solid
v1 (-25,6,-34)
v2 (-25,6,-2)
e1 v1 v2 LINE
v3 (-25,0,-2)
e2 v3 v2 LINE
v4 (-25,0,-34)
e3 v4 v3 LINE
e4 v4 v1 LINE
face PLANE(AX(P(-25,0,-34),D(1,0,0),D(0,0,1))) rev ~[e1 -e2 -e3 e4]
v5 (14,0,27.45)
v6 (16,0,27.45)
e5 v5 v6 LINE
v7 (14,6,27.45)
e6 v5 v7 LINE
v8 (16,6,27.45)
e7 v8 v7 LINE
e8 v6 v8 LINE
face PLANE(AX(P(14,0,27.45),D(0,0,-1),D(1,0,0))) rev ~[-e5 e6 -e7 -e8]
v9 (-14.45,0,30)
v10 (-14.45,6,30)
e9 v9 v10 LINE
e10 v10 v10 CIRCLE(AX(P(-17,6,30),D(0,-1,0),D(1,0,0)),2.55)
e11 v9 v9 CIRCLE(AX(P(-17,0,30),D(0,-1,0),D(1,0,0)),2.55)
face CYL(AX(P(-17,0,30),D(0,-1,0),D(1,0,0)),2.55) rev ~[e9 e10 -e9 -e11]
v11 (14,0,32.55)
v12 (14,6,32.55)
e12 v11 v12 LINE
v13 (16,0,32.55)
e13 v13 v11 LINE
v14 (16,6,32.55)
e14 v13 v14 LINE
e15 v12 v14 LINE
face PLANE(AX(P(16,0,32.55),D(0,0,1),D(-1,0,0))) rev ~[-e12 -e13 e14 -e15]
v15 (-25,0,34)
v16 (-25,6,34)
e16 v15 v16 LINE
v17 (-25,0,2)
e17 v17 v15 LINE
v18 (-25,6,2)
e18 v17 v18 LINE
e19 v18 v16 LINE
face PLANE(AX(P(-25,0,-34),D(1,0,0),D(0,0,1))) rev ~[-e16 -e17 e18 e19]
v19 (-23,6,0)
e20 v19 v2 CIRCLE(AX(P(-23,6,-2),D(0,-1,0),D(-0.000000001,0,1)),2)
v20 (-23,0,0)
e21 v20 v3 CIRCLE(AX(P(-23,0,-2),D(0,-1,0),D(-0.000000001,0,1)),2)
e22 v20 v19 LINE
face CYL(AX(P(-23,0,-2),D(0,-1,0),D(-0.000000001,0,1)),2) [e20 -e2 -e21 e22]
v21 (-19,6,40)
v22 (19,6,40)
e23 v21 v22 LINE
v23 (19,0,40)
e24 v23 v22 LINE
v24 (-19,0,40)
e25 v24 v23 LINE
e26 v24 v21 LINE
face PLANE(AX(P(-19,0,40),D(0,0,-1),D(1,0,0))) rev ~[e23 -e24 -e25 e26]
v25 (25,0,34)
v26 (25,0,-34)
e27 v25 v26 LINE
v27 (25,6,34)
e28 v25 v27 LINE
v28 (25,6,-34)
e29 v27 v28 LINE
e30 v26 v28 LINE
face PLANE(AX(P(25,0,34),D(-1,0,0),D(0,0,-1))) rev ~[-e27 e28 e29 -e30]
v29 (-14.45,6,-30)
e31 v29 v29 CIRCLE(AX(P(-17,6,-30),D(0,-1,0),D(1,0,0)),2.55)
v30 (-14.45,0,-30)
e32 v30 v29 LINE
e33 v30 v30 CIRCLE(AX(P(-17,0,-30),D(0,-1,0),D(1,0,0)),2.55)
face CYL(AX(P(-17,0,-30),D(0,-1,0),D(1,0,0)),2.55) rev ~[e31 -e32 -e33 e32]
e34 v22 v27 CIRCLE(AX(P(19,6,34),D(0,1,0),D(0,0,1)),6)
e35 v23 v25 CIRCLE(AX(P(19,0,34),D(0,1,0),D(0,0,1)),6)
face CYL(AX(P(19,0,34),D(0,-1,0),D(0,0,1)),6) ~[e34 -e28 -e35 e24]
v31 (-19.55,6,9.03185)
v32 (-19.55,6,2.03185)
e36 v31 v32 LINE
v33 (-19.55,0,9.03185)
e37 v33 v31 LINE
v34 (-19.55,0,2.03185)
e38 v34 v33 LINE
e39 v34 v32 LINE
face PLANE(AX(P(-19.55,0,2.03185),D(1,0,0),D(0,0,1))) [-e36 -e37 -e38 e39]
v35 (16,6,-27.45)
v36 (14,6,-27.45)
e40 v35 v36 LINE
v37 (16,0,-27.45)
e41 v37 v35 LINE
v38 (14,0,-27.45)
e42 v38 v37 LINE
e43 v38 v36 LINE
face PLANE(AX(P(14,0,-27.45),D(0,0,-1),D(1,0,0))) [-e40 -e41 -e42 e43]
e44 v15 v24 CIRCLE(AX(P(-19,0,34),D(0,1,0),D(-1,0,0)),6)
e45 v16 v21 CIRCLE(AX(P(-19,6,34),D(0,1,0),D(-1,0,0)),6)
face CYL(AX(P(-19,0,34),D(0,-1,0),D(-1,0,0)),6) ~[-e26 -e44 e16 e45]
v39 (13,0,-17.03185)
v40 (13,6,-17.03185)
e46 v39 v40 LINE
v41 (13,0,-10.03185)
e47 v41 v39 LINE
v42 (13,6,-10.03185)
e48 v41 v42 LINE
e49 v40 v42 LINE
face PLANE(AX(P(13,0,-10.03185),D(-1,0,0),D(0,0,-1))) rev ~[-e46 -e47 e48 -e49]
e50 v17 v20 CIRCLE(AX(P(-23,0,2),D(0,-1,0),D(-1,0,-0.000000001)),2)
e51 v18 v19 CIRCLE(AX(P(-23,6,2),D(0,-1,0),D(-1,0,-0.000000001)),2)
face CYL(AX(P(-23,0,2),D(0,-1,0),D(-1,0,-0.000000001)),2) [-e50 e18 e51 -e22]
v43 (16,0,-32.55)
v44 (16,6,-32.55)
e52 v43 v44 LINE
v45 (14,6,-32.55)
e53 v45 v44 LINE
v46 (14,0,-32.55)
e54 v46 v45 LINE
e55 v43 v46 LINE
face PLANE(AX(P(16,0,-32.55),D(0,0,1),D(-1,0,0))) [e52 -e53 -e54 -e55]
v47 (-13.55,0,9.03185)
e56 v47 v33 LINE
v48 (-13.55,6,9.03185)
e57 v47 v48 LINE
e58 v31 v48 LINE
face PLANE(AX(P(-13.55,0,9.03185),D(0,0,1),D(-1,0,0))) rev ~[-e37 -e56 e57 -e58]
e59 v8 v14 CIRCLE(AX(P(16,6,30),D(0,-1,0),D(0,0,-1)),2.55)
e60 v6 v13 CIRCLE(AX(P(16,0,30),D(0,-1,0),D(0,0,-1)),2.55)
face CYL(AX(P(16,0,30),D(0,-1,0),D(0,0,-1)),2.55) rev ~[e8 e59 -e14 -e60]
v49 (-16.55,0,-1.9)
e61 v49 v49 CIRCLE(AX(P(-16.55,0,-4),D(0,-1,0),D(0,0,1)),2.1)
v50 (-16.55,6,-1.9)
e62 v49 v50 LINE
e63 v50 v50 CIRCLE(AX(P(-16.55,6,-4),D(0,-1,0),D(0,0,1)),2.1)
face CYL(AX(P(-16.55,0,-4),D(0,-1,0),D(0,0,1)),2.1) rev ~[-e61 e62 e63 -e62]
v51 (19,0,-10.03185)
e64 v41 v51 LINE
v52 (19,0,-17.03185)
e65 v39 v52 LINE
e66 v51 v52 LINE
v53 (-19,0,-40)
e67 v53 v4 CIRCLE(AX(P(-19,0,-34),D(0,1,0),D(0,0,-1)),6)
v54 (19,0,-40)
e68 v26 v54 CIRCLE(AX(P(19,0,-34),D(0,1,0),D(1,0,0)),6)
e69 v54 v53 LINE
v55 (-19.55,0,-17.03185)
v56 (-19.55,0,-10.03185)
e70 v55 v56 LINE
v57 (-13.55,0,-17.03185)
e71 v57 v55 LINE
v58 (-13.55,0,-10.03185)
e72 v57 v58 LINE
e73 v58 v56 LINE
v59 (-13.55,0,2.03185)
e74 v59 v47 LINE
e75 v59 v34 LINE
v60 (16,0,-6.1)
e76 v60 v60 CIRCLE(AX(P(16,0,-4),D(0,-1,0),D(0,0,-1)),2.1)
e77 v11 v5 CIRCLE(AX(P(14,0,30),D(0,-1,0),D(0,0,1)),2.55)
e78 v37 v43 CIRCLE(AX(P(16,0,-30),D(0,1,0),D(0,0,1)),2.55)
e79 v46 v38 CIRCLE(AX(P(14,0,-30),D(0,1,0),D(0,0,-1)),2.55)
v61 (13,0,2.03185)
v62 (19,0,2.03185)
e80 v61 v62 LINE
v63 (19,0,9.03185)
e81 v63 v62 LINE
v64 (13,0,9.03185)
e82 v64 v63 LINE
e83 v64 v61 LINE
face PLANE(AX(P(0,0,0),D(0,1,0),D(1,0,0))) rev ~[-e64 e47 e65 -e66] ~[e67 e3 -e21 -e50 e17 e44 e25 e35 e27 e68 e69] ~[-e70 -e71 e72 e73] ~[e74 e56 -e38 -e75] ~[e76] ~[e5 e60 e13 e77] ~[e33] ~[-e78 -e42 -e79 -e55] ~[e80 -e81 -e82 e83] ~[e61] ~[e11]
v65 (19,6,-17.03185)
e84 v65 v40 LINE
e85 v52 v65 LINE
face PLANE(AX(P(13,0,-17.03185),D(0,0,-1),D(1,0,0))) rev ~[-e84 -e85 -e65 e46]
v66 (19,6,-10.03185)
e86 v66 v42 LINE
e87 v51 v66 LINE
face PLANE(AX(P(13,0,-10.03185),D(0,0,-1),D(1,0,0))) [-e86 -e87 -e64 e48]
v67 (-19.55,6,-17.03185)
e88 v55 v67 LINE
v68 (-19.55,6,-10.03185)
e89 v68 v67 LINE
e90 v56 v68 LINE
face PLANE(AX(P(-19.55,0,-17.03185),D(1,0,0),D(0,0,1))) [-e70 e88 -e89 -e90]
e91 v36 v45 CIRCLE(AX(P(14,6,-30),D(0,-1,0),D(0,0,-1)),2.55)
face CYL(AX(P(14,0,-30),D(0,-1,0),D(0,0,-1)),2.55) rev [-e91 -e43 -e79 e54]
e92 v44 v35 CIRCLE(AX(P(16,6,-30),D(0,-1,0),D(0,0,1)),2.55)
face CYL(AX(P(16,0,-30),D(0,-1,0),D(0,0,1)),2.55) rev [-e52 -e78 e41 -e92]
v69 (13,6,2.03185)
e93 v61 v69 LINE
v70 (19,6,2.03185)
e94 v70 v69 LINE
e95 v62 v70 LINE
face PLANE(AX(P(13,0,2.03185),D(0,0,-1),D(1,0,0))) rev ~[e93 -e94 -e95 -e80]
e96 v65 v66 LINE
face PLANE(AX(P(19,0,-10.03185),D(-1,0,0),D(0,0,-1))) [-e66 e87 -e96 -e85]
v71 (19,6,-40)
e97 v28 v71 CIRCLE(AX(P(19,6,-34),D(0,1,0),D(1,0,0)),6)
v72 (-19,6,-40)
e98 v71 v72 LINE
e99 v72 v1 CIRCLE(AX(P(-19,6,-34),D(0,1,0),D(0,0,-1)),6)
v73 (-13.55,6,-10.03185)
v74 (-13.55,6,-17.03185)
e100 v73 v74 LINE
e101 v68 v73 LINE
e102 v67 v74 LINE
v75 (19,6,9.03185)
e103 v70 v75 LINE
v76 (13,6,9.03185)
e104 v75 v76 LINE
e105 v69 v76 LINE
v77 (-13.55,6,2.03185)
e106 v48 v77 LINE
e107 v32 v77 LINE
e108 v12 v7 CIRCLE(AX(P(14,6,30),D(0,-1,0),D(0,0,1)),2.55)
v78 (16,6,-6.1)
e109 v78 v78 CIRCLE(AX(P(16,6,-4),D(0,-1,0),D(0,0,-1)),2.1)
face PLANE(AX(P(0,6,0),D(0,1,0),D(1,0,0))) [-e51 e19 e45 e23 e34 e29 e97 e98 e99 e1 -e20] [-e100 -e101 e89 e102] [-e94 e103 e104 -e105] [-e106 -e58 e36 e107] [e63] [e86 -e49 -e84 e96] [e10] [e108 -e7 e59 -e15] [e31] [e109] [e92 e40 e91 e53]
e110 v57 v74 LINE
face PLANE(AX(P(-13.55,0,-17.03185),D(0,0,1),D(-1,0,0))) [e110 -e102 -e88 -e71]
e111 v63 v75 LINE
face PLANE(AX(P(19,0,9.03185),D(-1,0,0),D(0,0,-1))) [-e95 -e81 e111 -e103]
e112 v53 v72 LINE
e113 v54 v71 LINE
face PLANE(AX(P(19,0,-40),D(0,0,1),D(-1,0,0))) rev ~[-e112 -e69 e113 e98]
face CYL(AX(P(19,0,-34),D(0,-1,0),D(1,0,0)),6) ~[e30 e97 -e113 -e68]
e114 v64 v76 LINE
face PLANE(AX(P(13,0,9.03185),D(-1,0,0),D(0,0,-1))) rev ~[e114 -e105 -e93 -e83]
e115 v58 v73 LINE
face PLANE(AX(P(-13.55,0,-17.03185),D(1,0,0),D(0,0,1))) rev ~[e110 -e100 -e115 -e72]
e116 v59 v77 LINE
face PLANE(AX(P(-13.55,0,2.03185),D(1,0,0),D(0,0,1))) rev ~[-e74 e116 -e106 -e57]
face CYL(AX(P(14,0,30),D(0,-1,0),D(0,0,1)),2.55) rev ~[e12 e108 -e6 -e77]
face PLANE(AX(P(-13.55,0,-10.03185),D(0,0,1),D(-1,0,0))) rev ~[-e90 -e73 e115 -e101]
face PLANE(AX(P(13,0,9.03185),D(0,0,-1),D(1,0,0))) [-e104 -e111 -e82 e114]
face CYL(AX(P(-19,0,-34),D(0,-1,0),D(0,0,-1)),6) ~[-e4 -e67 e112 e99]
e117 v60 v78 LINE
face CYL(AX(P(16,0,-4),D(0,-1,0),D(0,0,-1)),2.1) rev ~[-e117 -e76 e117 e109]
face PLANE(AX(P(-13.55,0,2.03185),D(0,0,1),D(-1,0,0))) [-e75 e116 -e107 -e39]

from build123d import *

# Parameters (mm, degrees)
EXTRUDE_1_DEPTH      = 6
SKETCH_2_R           = 2.55
CUT_EXTRUDE_1_DEPTH  = 7
CUT_EXTRUDE_2_DEPTH  = 7
SKETCH_31_R          = 2.1
SKETCH_31_W          = 7
SKETCH_31_H          = 6
CUT_EXTRUDE_11_DEPTH = 7
SKETCH_32_R          = 2.1
SKETCH_32_W          = 7
SKETCH_32_H          = 6
CUT_EXTRUDE_12_DEPTH = 7


with BuildPart() as part:
    # Эскиз1 → Бобышка-Вытянуть1 (new body)
    with BuildSketch(Plane(origin=(0, 0, 0), x_dir=(1, 0, 0), z_dir=(0, 1, 0))):
        with BuildLine():
            Line((-19, -40), (19, -40))
            ThreePointArc((19, -40), (23.242640687, -38.242640687), (25, -34))
            Line((25, -34), (25, 34))
            ThreePointArc((25, 34), (23.242640687, 38.242640687), (19, 40))
            Line((19, 40), (-19, 40))
            ThreePointArc((-19, 40), (-23.242640687, 38.242640687), (-25, 34))
            Line((-25, 34), (-25, -34))
            ThreePointArc((-25, -34), (-23.242640687, -38.242640687), (-19, -40))
        make_face()
    extrude(amount=EXTRUDE_1_DEPTH)

    # Эскиз2 → Вырез-Вытянуть1 (cut, through all)
    with BuildSketch(Plane.XZ):
        with Locations((-17, -30)):
            Circle(SKETCH_2_R)
        with Locations((-17, 30)):
            Circle(SKETCH_2_R)
        with BuildLine():
            Line((16, -32.55), (14, -32.55))
            ThreePointArc((14, -32.55), (11.45, -30), (14, -27.45))
            Line((14, -27.45), (16, -27.45))
            ThreePointArc((16, -27.45), (18.55, -30), (16, -32.55))
        make_face()
        with BuildLine():
            Line((16, 32.55), (14, 32.55))
            ThreePointArc((14, 32.55), (11.45, 30), (14, 27.45))
            Line((14, 27.45), (16, 27.45))
            ThreePointArc((16, 27.45), (18.55, 30), (16, 32.55))
        make_face()
    extrude(amount=-CUT_EXTRUDE_1_DEPTH, mode=Mode.SUBTRACT)

    # Эскиз3 → Вырез-Вытянуть2 (cut, through all)
    with BuildSketch(Plane.XZ):
        with BuildLine():
            Line((-25, -2), (-25, 2))
            ThreePointArc((-25, 2), (-24.414213562, 0.585786438), (-23, 0))
            ThreePointArc((-23, 0), (-24.414213562, -0.585786438), (-25, -2))
        make_face()
    extrude(amount=-CUT_EXTRUDE_2_DEPTH, mode=Mode.SUBTRACT)

    # Эскиз31 → Вырез-Вытянуть11 (cut, through all)
    with BuildSketch(Plane(origin=(30.45, 0, -4), x_dir=(0, 0, 1), z_dir=(0, -1, 0))):
        with Locations((0, 47)):
            Circle(SKETCH_31_R)
        with Locations((9.531849908, 47)):
            Rectangle(SKETCH_31_W, SKETCH_31_H)
        with Locations((-9.531849908, 47)):
            Rectangle(SKETCH_31_W, SKETCH_31_H)
    extrude(amount=-CUT_EXTRUDE_11_DEPTH, mode=Mode.SUBTRACT)

    # Эскиз32 → Вырез-Вытянуть12 (cut, through all)
    with BuildSketch(Plane(origin=(-31, 0, -4), x_dir=(0, 0, -1), z_dir=(0, -1, 0))):
        with Locations((0, 47)):
            Circle(SKETCH_32_R)
        with Locations((9.531849908, 47)):
            Rectangle(SKETCH_32_W, SKETCH_32_H)
        with Locations((-9.531849908, 47)):
            Rectangle(SKETCH_32_W, SKETCH_32_H)
    extrude(amount=-CUT_EXTRUDE_12_DEPTH, mode=Mode.SUBTRACT)


solid = part.part
